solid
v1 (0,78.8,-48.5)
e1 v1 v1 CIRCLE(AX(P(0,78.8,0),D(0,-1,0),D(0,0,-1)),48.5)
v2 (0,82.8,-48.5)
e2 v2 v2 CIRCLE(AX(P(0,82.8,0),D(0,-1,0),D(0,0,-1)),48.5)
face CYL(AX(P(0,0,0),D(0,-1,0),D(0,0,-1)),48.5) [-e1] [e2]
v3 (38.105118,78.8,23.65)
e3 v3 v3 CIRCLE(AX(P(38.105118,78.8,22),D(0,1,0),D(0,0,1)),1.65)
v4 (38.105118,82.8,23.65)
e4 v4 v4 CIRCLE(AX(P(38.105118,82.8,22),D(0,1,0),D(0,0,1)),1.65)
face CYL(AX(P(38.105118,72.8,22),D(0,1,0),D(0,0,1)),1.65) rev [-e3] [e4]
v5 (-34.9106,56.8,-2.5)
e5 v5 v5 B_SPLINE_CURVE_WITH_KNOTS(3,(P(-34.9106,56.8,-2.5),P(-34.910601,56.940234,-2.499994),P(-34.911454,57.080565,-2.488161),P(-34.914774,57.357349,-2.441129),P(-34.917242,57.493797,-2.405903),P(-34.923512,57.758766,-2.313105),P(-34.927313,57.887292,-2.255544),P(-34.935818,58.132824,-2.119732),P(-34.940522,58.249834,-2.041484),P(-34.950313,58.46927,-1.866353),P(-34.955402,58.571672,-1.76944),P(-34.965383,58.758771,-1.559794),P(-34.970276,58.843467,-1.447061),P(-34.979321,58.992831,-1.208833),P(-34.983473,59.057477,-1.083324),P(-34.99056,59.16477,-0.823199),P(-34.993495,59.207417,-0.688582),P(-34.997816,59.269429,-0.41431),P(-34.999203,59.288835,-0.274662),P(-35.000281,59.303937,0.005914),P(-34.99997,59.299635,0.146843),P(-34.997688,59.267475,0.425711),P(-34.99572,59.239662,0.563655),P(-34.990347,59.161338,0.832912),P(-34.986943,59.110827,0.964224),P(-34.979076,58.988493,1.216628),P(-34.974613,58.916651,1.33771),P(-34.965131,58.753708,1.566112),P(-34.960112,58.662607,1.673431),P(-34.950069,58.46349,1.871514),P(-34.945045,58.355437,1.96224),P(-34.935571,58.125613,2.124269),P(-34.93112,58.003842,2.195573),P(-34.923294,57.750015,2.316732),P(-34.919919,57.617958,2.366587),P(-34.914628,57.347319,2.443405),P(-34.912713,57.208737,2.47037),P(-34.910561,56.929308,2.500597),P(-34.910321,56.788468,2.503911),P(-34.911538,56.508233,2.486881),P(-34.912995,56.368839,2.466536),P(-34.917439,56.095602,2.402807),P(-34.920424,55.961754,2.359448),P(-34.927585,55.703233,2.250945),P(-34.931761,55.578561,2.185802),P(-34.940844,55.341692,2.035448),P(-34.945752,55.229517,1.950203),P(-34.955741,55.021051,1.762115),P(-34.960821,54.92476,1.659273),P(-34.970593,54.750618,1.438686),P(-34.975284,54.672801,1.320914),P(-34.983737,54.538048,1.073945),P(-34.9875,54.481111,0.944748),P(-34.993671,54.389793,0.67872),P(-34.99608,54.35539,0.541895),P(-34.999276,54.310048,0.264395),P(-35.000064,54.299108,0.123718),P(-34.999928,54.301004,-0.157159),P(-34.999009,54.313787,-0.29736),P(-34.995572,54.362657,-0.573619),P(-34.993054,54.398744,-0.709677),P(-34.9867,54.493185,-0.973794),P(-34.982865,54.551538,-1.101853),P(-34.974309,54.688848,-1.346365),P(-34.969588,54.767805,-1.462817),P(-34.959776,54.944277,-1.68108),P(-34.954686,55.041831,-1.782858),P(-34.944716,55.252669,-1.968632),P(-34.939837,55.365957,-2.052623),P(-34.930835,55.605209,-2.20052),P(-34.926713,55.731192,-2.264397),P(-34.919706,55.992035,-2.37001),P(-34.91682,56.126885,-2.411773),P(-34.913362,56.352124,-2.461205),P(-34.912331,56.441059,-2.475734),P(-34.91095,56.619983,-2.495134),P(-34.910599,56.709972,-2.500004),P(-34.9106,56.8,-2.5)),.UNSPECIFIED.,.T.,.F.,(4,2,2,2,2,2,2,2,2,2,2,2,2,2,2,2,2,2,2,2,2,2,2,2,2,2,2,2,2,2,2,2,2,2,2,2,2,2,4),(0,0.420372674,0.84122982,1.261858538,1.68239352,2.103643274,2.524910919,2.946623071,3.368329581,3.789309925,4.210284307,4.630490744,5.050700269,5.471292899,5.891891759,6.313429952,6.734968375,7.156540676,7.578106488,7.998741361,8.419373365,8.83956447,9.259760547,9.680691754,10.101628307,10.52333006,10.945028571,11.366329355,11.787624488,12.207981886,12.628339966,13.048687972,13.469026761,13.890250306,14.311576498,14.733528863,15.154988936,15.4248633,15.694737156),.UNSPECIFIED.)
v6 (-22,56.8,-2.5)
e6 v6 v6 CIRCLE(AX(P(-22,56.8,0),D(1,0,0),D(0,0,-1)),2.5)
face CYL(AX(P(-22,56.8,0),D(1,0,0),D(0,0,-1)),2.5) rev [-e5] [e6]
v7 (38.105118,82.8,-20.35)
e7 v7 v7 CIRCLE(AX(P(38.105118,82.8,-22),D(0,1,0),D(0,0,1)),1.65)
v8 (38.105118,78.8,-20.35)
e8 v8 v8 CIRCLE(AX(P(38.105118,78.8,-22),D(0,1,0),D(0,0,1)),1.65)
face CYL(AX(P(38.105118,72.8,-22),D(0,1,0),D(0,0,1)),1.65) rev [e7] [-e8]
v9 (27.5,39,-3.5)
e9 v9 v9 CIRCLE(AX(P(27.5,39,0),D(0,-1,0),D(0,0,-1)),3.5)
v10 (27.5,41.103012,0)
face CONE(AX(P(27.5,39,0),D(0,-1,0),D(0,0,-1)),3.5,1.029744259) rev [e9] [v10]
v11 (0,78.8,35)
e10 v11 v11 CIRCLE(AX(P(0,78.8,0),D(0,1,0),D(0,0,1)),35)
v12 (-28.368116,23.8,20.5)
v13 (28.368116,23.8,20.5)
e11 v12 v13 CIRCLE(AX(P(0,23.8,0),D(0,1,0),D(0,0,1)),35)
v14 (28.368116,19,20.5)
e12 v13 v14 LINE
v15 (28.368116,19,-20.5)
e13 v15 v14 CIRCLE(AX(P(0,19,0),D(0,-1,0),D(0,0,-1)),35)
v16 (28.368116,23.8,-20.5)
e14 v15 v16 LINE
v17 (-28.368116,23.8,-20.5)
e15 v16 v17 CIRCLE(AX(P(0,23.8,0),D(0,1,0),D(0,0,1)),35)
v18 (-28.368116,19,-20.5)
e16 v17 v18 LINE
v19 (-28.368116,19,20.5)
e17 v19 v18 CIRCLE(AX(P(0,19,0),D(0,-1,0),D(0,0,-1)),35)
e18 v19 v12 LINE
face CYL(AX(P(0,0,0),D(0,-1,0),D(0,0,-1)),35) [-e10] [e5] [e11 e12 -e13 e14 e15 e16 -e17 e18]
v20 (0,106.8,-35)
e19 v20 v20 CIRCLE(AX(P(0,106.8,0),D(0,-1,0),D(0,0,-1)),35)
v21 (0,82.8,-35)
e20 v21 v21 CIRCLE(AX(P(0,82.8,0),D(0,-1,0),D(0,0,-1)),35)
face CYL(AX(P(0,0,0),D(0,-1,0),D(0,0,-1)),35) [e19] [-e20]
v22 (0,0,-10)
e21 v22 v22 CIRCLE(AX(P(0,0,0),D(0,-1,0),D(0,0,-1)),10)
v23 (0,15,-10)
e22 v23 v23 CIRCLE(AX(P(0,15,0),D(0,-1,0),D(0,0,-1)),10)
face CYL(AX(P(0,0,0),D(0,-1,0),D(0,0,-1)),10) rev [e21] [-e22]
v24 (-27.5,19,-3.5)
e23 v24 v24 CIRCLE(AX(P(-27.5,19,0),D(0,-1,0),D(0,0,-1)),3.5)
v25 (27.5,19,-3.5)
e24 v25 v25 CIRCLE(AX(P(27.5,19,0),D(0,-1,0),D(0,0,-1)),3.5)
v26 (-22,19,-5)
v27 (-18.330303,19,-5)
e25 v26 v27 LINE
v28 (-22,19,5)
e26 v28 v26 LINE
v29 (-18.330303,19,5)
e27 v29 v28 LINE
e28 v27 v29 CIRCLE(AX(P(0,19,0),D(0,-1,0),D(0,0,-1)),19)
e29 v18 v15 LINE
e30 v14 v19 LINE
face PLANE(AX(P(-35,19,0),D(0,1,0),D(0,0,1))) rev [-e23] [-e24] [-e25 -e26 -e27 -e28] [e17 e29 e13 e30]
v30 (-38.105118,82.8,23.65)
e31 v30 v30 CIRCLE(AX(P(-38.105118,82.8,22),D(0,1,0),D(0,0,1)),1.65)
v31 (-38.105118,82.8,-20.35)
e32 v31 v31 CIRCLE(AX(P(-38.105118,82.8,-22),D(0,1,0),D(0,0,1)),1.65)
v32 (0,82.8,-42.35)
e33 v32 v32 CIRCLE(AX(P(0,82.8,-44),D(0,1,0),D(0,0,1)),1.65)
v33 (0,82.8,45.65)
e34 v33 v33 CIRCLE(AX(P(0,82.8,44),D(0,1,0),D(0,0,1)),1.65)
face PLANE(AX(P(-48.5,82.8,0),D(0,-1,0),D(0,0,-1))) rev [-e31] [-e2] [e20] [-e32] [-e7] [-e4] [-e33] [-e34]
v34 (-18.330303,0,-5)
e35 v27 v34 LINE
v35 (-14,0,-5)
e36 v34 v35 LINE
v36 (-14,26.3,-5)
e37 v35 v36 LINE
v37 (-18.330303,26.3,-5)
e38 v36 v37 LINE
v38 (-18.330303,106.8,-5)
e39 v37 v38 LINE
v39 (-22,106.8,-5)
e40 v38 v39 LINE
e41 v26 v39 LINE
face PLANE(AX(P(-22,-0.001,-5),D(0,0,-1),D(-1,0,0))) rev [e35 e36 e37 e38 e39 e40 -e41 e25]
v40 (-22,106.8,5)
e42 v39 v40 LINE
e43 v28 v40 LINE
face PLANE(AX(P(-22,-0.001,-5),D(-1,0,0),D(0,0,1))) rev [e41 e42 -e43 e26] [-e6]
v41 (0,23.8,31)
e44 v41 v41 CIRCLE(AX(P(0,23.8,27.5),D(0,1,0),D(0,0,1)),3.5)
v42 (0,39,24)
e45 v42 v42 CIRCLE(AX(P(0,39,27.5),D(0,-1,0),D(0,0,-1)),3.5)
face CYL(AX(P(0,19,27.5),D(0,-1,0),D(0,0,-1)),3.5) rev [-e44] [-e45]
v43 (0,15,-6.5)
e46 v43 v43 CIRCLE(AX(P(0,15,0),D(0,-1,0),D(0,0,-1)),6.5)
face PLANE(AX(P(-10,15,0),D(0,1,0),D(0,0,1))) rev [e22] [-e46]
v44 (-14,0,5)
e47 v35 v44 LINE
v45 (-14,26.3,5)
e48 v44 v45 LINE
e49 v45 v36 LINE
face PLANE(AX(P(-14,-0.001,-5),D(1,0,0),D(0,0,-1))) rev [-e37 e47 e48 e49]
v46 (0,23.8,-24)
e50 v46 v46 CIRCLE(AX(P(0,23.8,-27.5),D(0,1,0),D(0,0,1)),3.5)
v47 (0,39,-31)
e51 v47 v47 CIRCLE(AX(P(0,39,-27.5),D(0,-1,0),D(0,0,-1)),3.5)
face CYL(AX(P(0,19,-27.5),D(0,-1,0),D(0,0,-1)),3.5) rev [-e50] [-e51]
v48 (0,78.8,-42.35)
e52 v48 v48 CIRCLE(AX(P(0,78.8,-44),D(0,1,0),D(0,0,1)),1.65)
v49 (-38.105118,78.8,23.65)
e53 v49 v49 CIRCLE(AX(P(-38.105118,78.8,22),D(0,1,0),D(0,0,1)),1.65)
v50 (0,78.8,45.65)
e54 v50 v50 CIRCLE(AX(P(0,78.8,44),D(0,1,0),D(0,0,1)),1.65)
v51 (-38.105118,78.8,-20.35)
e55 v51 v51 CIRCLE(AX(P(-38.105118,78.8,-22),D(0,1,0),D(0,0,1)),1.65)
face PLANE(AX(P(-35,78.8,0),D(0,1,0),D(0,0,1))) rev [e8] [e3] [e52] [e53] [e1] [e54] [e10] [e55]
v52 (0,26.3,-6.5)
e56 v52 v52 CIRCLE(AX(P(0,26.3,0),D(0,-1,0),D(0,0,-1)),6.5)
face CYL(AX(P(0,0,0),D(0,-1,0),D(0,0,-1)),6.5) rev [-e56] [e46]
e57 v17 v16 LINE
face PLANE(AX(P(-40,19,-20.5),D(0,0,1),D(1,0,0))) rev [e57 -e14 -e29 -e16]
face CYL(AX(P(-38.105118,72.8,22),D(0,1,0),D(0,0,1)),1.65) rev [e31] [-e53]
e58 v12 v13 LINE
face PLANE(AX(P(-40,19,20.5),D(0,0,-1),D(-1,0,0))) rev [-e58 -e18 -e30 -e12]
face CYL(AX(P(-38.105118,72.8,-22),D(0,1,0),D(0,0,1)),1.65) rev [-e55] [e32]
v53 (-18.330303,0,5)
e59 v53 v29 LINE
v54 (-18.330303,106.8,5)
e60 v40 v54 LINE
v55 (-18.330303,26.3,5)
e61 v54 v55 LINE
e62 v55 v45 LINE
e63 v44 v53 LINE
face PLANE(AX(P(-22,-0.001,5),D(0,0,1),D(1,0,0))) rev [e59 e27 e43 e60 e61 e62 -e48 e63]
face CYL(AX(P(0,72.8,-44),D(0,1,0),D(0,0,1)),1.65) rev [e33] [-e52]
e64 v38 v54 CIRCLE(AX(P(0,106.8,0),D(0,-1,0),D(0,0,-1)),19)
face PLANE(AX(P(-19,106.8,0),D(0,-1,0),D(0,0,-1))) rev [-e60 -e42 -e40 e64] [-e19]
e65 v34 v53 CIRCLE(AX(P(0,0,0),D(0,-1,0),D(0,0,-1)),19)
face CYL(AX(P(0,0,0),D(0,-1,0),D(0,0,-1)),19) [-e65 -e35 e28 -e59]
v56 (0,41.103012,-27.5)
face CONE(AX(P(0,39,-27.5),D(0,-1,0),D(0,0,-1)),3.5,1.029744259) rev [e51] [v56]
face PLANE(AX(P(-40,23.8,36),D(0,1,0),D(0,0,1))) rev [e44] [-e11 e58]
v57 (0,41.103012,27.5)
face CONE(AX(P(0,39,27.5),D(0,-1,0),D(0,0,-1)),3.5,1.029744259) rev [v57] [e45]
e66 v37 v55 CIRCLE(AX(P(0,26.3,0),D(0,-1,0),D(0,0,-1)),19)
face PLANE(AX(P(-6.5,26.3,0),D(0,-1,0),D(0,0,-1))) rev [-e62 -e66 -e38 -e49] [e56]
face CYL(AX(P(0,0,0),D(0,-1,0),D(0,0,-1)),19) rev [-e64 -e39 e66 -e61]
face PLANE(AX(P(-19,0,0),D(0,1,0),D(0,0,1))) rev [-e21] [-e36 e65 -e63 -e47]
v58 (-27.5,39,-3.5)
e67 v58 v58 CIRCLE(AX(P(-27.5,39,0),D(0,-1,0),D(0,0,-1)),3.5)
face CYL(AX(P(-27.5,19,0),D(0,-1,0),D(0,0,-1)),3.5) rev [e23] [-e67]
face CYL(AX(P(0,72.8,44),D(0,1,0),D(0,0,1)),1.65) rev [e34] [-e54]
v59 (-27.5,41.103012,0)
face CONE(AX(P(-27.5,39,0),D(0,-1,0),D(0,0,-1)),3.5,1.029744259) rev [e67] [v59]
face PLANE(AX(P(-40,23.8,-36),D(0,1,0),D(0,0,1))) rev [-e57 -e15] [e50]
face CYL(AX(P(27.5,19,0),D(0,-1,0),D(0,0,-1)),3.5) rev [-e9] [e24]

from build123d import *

# Parameters (mm, degrees)
EXTRUDE1_REACH            = 119.713
SKETCH2_W                 = 8
SKETCH2_H                 = 10
SKETCH3_W                 = 13.5
SKETCH3_H                 = 4
SKETCH5_W                 = 15.5
SKETCH5_H                 = 4.8
EXTRUDE3_DEPTH            = 40
SKETCH6_R                 = 1.65
EXTRUDE4_DEPTH            = 10
M8X1_0_TAPPED_HOLE1_D     = 7
M8X1_0_TAPPED_HOLE1_DEPTH = 20
M8X1_0_TAPPED_HOLE1_TIP   = 2.103012167
M6X1_0_TAPPED_HOLE1_D     = 5
M6X1_0_TAPPED_HOLE1_DEPTH = 26.5


with BuildPart() as part:
    # Sketch1 → Revolve1 (revolve)
    with BuildSketch(Plane.XY, mode=Mode.PRIVATE) as revolve1_sk:
        Polygon((-6.5, 26.3), (-19, 26.3), (-19, 106.8), (-35, 106.8), (-35, 19), (-19, 19), (-19, 0), (-10, 0), (-10, 15), (-6.5, 15), align=None)
    revolve(revolve1_sk.sketch.rotate(Axis((0, 0, 0), (0, 1, 0)), 270), axis=Axis((0, 0, 0), (0, 1, 0)))

    # Sketch2 → Extrude1 (cut, up to next)
    with BuildSketch(Plane(origin=(0, 106.8, 0), x_dir=(1, 0, 0), z_dir=(0, 1, 0)), mode=Mode.PRIVATE) as extrude1_sk1:
        with Locations((-18, 0)):
            Rectangle(SKETCH2_W, SKETCH2_H)
    extrude1_tool1 = extrude(extrude1_sk1.sketch, amount=-EXTRUDE1_REACH, mode=Mode.PRIVATE) & part.part
    add(extrude1_tool1.solids().sort_by_distance((-18, 106.8, 0))[0], mode=Mode.SUBTRACT)

    # Sketch3 → Revolve2 (revolve)
    with BuildSketch(Plane.XY, mode=Mode.PRIVATE) as revolve2_sk:
        with Locations((-41.75, 80.8)):
            Rectangle(SKETCH3_W, SKETCH3_H)
    revolve(revolve2_sk.sketch.rotate(Axis((0, 0, 0), (0, 1, 0)), 270), axis=Axis((0, 0, 0), (0, 1, 0)))

    # Sketch5 → Extrude3 (cut, symmetric)
    with BuildSketch(Plane(origin=(0, 0, 0), x_dir=(0, 0, -1), z_dir=(1, 0, 0))):
        with Locations((28.25, 21.4)):
            Rectangle(SKETCH5_W, SKETCH5_H)
        with Locations((-28.25, 21.4)):
            Rectangle(SKETCH5_W, SKETCH5_H)
    extrude(amount=EXTRUDE3_DEPTH, both=True, mode=Mode.SUBTRACT)

    # Sketch6 → Extrude4 (cut)
    with BuildSketch(Plane(origin=(0, 82.8, 0), x_dir=(1, 0, 0), z_dir=(0, 1, 0))):
        with Locations(Location((0, -44, 0), (0, 0, 270))):
            Circle(SKETCH6_R)
        with Locations(Location((-38.105117767, -22, 0), (0, 0, 270))):
            Circle(SKETCH6_R)
        with Locations(Location((-38.105117767, 22, 0), (0, 0, 270))):
            Circle(SKETCH6_R)
        with Locations(Location((0, 44, 0), (0, 0, 270))):
            Circle(SKETCH6_R)
        with Locations(Location((38.105117767, 22, 0), (0, 0, 270))):
            Circle(SKETCH6_R)
        with Locations(Location((38.105117767, -22, 0), (0, 0, 270))):
            Circle(SKETCH6_R)
    extrude(amount=-EXTRUDE4_DEPTH, mode=Mode.SUBTRACT)

    # M8x1.0 Tapped Hole1
    with Locations(Plane(origin=(-35, 19, 0), x_dir=(-1, 0, 0), z_dir=(0, -1, 0))):
        with Locations((-62.5, 0), (-7.5, 0), (-35, 27.5), (-35, -27.5)):
            Hole(M8X1_0_TAPPED_HOLE1_D / 2, depth=M8X1_0_TAPPED_HOLE1_DEPTH)
            with Locations((0, 0, -(M8X1_0_TAPPED_HOLE1_DEPTH + M8X1_0_TAPPED_HOLE1_TIP / 2))):  # 118° drill point
                Cone(0, M8X1_0_TAPPED_HOLE1_D / 2, M8X1_0_TAPPED_HOLE1_TIP, mode=Mode.SUBTRACT)

    # M6x1.0 Tapped Hole1
    with Locations(Plane(origin=(-22, 0, 0), x_dir=(0, 0, -1), z_dir=(1, 0, 0))):
        with Locations((0, 56.8)):
            Hole(M6X1_0_TAPPED_HOLE1_D / 2, depth=M6X1_0_TAPPED_HOLE1_DEPTH)


solid = part.part
